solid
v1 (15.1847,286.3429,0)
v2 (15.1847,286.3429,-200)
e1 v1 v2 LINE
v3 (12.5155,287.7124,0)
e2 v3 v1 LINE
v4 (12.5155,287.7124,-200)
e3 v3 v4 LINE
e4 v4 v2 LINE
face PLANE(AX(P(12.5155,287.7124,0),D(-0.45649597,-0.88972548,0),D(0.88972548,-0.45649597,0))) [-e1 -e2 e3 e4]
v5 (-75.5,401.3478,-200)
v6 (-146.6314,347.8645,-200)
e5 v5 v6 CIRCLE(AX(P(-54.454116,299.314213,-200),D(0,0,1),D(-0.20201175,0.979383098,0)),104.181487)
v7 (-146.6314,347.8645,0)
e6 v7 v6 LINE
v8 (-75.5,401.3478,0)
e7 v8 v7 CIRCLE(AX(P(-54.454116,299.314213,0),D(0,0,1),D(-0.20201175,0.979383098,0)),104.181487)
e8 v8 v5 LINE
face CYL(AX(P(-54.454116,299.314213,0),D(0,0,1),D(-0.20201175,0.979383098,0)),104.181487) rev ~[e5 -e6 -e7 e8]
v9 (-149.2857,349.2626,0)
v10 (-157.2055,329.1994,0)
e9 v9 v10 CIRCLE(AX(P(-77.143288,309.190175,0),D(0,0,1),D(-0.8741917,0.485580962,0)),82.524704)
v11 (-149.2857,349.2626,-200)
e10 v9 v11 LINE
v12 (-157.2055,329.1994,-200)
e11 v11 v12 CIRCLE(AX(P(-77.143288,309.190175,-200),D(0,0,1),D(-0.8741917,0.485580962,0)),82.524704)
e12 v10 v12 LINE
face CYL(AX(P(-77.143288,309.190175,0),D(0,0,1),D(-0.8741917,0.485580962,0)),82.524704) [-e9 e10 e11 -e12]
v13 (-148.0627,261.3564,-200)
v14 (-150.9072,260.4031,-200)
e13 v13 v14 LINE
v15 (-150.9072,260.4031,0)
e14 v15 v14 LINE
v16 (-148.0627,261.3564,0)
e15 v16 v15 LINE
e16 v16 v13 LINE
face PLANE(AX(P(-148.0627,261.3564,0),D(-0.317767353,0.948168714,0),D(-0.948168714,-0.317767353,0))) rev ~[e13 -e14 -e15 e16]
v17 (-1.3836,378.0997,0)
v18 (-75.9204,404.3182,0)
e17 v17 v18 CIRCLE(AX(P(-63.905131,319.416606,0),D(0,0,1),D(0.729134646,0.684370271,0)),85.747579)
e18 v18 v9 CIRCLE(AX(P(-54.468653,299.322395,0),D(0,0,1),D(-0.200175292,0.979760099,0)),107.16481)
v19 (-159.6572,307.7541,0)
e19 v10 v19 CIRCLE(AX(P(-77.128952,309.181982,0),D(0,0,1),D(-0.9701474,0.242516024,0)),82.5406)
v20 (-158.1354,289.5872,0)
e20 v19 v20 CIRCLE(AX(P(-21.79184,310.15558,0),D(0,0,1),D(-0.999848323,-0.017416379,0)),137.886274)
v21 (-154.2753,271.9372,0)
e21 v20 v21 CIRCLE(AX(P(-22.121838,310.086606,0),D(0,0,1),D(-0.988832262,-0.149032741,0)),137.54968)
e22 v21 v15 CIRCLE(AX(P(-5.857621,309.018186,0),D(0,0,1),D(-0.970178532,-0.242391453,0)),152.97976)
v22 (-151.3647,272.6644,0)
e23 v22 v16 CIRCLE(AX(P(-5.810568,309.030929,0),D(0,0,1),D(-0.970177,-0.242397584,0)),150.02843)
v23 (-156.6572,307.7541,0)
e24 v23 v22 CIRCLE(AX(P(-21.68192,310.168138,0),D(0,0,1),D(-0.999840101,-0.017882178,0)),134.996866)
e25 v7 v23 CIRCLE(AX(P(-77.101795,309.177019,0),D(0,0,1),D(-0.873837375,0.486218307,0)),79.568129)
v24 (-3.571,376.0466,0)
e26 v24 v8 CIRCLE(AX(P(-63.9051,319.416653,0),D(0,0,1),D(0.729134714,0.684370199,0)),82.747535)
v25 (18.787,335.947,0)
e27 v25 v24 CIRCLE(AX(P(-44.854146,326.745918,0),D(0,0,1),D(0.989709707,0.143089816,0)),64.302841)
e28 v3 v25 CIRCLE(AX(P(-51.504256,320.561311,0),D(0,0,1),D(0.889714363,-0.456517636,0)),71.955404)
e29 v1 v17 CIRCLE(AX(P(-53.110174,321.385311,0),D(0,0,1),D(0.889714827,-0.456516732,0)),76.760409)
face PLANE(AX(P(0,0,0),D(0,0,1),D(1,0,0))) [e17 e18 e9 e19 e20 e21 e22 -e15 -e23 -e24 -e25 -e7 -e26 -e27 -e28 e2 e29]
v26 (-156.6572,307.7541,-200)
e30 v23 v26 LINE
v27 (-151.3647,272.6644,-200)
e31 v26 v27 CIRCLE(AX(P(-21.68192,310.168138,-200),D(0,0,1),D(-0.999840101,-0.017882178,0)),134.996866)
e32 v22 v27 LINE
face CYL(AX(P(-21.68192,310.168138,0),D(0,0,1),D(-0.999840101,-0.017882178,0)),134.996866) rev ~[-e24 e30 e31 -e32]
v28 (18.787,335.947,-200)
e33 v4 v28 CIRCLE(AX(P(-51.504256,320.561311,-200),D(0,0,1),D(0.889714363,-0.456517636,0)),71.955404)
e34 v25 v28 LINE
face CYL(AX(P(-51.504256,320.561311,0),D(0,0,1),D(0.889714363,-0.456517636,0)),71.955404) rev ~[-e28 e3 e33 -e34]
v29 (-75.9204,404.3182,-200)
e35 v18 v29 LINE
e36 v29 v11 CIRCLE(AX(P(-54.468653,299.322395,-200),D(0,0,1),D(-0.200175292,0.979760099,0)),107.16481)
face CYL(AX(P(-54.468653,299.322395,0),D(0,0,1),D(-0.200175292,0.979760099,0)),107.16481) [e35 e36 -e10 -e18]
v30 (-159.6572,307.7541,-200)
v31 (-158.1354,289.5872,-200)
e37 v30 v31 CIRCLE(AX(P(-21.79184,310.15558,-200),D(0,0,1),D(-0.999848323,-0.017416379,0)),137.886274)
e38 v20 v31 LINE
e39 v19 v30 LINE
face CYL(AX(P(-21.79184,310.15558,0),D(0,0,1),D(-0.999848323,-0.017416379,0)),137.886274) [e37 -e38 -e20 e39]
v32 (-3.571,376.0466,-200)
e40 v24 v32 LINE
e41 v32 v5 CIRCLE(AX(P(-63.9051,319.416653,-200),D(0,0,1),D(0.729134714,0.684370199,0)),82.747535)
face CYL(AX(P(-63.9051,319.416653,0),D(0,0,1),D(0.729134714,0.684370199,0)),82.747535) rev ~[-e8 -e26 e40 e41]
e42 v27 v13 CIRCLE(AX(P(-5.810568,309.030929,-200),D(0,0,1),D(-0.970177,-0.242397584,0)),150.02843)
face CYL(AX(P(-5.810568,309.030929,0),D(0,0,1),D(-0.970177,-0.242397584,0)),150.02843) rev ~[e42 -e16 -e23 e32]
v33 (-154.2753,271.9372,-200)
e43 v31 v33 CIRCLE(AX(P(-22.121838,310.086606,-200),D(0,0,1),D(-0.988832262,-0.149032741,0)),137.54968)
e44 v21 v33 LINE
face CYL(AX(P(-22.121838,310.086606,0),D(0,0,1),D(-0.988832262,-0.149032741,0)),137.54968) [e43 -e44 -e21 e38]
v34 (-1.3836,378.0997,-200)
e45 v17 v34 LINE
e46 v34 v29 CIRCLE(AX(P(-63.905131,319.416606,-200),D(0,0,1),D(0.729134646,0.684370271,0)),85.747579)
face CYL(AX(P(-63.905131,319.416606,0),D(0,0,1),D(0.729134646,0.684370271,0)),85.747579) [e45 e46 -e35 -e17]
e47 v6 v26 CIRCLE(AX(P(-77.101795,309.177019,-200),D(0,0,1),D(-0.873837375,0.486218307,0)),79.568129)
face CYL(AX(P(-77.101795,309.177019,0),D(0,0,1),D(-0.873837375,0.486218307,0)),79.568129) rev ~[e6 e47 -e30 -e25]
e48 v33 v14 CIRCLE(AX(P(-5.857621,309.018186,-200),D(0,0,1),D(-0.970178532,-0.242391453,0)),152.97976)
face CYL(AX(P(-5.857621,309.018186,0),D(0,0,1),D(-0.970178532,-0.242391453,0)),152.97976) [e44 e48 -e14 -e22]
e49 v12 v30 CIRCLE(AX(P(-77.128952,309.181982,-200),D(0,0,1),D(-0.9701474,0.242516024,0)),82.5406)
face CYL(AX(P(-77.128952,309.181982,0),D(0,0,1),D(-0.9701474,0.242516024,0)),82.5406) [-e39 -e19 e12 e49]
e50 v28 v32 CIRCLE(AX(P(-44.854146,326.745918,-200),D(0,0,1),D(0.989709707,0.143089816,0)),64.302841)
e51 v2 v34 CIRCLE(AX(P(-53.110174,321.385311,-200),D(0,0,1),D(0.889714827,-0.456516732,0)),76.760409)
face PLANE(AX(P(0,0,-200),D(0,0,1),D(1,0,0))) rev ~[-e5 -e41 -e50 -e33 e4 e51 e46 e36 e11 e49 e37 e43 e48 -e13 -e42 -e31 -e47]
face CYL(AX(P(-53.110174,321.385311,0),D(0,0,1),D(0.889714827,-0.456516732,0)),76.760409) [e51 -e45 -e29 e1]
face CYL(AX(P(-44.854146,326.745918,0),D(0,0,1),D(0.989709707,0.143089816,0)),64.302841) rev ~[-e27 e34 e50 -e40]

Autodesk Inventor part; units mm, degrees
ref_plane "YZ Plane" through (0, 0, 0) normal (1, 0, 0) x (0, 1, 0)
ref_plane "XZ Plane" through (0, 0, 0) normal (0, 1, 0) x (-1, 0, 0)
ref_plane "XY Plane" through (0, 0, 0) normal (0, 0, 1) x (1, 0, 0)
sketch "Sketch1" plane through (0, 0, 0) normal (0, 0, 1) x (1, 0, 0)
  spline S0 degree 4 poles (-146.6472, 58.0401) (-151.4631, 48.7396) (-154.252, 35.0489) (-156.3713, 15.6625) (-155.4501, -11.3591) (-147.1073, -27.1547) (-140.0741, -39.9858) (-129.6609, -50.3249) (-121.6575, -59.5045) (-108.3024, -68.785) (-98.2709, -73.1981) (-84.1702, -79.7266) (-75.9561, -81.5933) (-64.5094, -82.4436) (-52.8851, -81.3854) (-36.0893, -77.2113) (-27.9896, -73.4594) (-12.8633, -65.2256) (-3.7509, -56.3713) (7.8984, -44.4028) (15.2147, -32.4708) (21.1011, -10.2225) (21.2051, 16.649) (15.9713, 25.1459) (12.5155, 32.2876) knots 0 0 0 0 0 0.111891 0.158364 0.204234 0.248308 0.289897 0.330614 0.370754 0.411053 0.44968 0.486304 0.522824 0.560101 0.5983 0.638491 0.679191 0.71966 0.761289 0.803726 0.849038 0.894451 1 1 1 1 1 construction
  arc A0 (-146.6314, -27.8645) -> (-75.5, -81.3478) centre (-54.4542, 20.6856) ccw construction
  arc A1 (-75.5, -81.3478) -> (-3.571, -56.0466) centre (-63.9052, 0.5835) ccw construction
  arc A2 (-155.7423, 8.5009) -> (-146.6314, -27.8645) centre (-64.0155, 12.158) ccw construction
  arc A3 (-146.6472, 58.0401) -> (-155.7423, 8.5009) centre (-41.1628, 13.0692) ccw construction
  arc A4 (-3.571, -56.0466) -> (18.787, -15.947) centre (-44.8542, -6.7459) ccw construction
  arc A5 (18.787, -15.947) -> (12.5155, 32.2876) centre (-51.5039, -0.5612) ccw construction
  arc A6 (-149.4068, 59.2166) -> (-149.2857, -29.2626) centre (-45.9699, 15.1186) ccw construction
  arc A7 (-149.2857, -29.2626) -> (-75.9204, -84.3182) centre (-62.5938, 9.8502) ccw construction
  arc A8 (-75.9204, -84.3182) -> (-1.3836, -58.0997) centre (-63.9052, 0.5835) ccw construction
  arc A9 (-1.3836, -58.0997) -> (15.1847, 33.6571) centre (-53.1101, -1.3853) ccw construction
  line L0 (-146.6472, 58.0401) -> (-149.4068, 59.2166) construction
  line L1 (-146.6314, -27.8645) -> (-149.2857, -29.2626) construction
  line L2 (-75.5, -81.3478) -> (-75.9204, -84.3182) construction
  line L3 (12.5155, 32.2876) -> (15.1847, 33.6571) construction
  line L4 (-3.571, -56.0466) -> (-1.3836, -58.0997) construction
  line L5 (-266.975, 160) -> (333.025, 160) construction
  line L6 (0, 160) -> (0, 0) construction
  arc A10 (-155.7423, 311.4991) -> (-146.6472, 261.9599) centre (-41.1628, 306.9308) ccw construction
  line L7 (-146.6472, 261.9599) -> (-149.4068, 260.7834) construction
  arc A11 (-149.2857, 349.2626) -> (-149.4068, 260.7834) centre (-45.9699, 304.8814) ccw construction
  spline S1 degree 4 poles (-146.6472, 261.9599) (-151.4631, 271.2604) (-154.252, 284.9511) (-156.3713, 304.3375) (-155.4501, 331.3591) (-147.1073, 347.1547) (-140.0741, 359.9858) (-129.6609, 370.3249) (-121.6575, 379.5045) (-108.3024, 388.785) (-98.2709, 393.1981) (-84.1702, 399.7266) (-75.9561, 401.5933) (-64.5094, 402.4436) (-52.8851, 401.3854) (-36.0893, 397.2113) (-27.9896, 393.4594) (-12.8633, 385.2256) (-3.7509, 376.3713) (7.8984, 364.4028) (15.2147, 352.4708) (21.1011, 330.2225) (21.2051, 303.351) (15.9713, 294.8541) (12.5155, 287.7124) knots 0 0 0 0 0 0.111891 0.158364 0.204234 0.248308 0.289897 0.330614 0.370754 0.411053 0.44968 0.486304 0.522824 0.560101 0.5983 0.638491 0.679191 0.71966 0.761289 0.803726 0.849038 0.894451 1 1 1 1 1 construction
  line L8 (-146.6314, 347.8645) -> (-149.2857, 349.2626) construction
  arc A12 (-75.5, 401.3478) -> (-146.6314, 347.8645) centre (-54.4542, 299.3144) ccw
  arc A13 (-75.9204, 404.3182) -> (-149.2857, 349.2626) centre (-62.5938, 310.1498) ccw construction
  line L9 (-3.571, 376.0466) -> (-1.3836, 378.0997) construction
  arc A14 (18.787, 335.947) -> (-3.571, 376.0466) centre (-44.8542, 326.7459) ccw
  line L10 (12.5155, 287.7124) -> (15.1847, 286.3429)
  arc A15 (12.5155, 287.7124) -> (18.787, 335.947) centre (-51.5039, 320.5612) ccw
  arc A16 (15.1847, 286.3429) -> (-1.3836, 378.0997) centre (-53.1101, 321.3853) ccw
  line L11 (-75.5, 401.3478) -> (-75.9204, 404.3182) construction
  arc A17 (-3.571, 376.0466) -> (-75.5, 401.3478) centre (-63.9052, 319.4165) ccw
  arc A18 (-1.3836, 378.0997) -> (-75.9204, 404.3182) centre (-63.9052, 319.4165) ccw construction
  line L12 (-154.6747, 292.7544) -> (-154.9494, 292.7201) construction
  arc A19 (-146.6314, 347.8645) -> (-154.9494, 292.7201) centre (-77.102, 309.1771) ccw construction
  arc A20 (-154.9494, 292.7201) -> (-148.0627, 261.3564) centre (-5.838, 309.0235) ccw construction
  arc A21 (-156.6572, 307.7541) -> (-151.3647, 272.6644) centre (-21.6788, 310.1684) ccw
  arc A22 (-151.3647, 272.6644) -> (-148.0627, 261.3564) centre (-5.838, 309.0235) ccw
  arc A23 (-146.6314, 347.8645) -> (-156.6572, 307.7541) centre (-77.102, 309.1771) ccw
  line L13 (-154.295, 328.4719) -> (-157.2055, 329.1994) construction
  line L14 (-151.3647, 272.6644) -> (-154.2753, 271.9372) construction
  line L15 (-148.0627, 261.3564) -> (-149.2046, 260.9737) construction
  arc A24 (-154.2753, 271.9372) -> (-150.9072, 260.4031) centre (-5.838, 309.0235) ccw
  line L16 (-148.0627, 261.3564) -> (-150.9072, 260.4031)
  line L17 (-156.6572, 307.7541) -> (-159.6572, 307.7541) construction
  arc A25 (-149.2857, 349.2626) -> (-157.2055, 329.1994) centre (-77.1444, 309.1907) ccw
  arc A26 (-157.2055, 329.1994) -> (-159.6572, 307.7541) centre (-77.1285, 309.1819) ccw
  line L18 (-155.169, 290.0346) -> (-158.1354, 289.5872) construction
  arc A27 (-159.6572, 307.7541) -> (-158.1354, 289.5872) centre (-21.7855, 310.1559) ccw
  arc A28 (-158.1354, 289.5872) -> (-154.2753, 271.9372) centre (-22.13, 310.0851) ccw
  line L19 (-153.9039, 339.4908) -> (-151.1134, 338.3893) construction
  line L20 (-159.1353, 318.5572) -> (-156.1548, 318.2165) construction
  line L21 (-159.1968, 298.6455) -> (-156.2073, 298.8959) construction
  line L22 (-156.4955, 280.6987) -> (-153.5647, 281.3397) construction
  line L23 (-152.7045, 266.1371) -> (-149.8248, 266.978) construction
  arc A29 (-75.9204, 404.3182) -> (-149.2857, 349.2626) centre (-54.4687, 299.3225) ccw
  line L24 (-117.0639, 382.5836) -> (-118.7912, 385.0365) construction
  arc A30 (-1.3836, 378.0997) -> (-75.9204, 404.3182) centre (-63.9052, 319.4165) ccw
  line L25 (-35.4522, 400.3059) -> (-36.4476, 397.4759) construction
  point P0 (-152, 43.3122)
  point P1 (-154.6747, 27.2456)
  point P2 (-153.5964, -11.5828)
  point P3 (-138.8691, -40.1727)
  point P4 (-129.9379, -50.283)
  point P5 (-120.8201, -59.3062)
  point P6 (-108.4988, -68.0622)
  point P7 (-96.8904, -73.8657)
  point P8 (-84.0513, -79.2561)
  point P9 (-65.5876, -82.0533)
  point P10 (-52.9328, -80.9408)
  point P11 (-37.3177, -77.1093)
  point P12 (-27.2436, -72.8759)
  point P13 (-14.2486, -65.2165)
  point P14 (6.8037, -44.6606)
  point P15 (14.0551, -32.7718)
  point P16 (19.9901, 7.1365)
  point P17 (16.9383, 22.5323)
  point P18 (0, 320)
  point P19 (-152, 276.6878)
  point P20 (-153.5964, 331.5828)
  point P21 (-138.8691, 360.1727)
  point P22 (-129.9379, 370.283)
  point P23 (-120.8201, 379.3062)
  point P24 (-108.4988, 388.0622)
  point P25 (-96.8904, 393.8657)
  point P26 (-84.0513, 399.2561)
  point P27 (-65.5876, 402.0533)
  point P28 (-52.9328, 400.9408)
  point P29 (-37.3177, 397.1093)
  point P30 (-27.2436, 392.8759)
  point P31 (-14.2486, 385.2165)
  point P32 (6.8037, 364.6606)
  point P33 (14.0551, 352.7718)
  point P34 (19.9901, 312.8635)
  point P35 (16.9383, 297.4677)
  point P36 (0, 320)
  dimension "d0" = 32.2876
  dimension "d1" = 12.5155
  dimension "d2" = 146.6472
  dimension "d3" = 58.0401
  dimension "d4" = 21.2257
  dimension "d5" = 24.6426
  dimension "d6" = 28.1888
  dimension "d7" = 35.6586
  dimension "d8" = 45.1759
  dimension "d9" = 56.1603
  dimension "d10" = 66.7549
  dimension "d11" = 77.8017
  dimension "d12" = 85.6648
  dimension "d13" = 96.7125
  dimension "d14" = 105.0451
  dimension "d15" = 110.9852
  dimension "d16" = 115.5255
  dimension "d17" = 121.8355
  dimension "d18" = 128.0798
  dimension "d19" = 134.591
  dimension "d20" = 139.3278
  dimension "d21" = 144.563
  dimension "d22" = 149.2554
  dimension "d23" = 158.0504
  dimension "d24" = 154.0325
  dimension "d25" = 157.056
  dimension "d26" = 155.9742
  dimension "d27" = 23.1148
  dimension "d28" = 15.6954
  dimension "d29" = 40.3471
  dimension "d30" = 26.2383
  dimension "d31" = 53.4492
  dimension "d32" = 67.4331
  dimension "d33" = 80.0452
  dimension "d34" = 92.9139
  dimension "d35" = 101.8898
  dimension "d36" = 114.3475
  dimension "d37" = 130.1838
  dimension "d38" = 135.2342
  dimension "d39" = 142.2055
  dimension "d40" = 148.8765
  dimension "d41" = 155.6989
  dimension "d42" = 160.5472
  dimension "d43" = 165.754
  dimension "d44" = 170.2579
  dimension "d45" = 175.7534
  dimension "d46" = 175.8185
  dimension "d47" = 175.7377
  dimension "d48" = 107.1872
  dimension "d49" = 172.4386
  dimension "d50" = 114.6706
  dimension "d51" = 104.1813
  dimension "d52" = 82.7477
  dimension "d53" = 64.3029
  dimension "d54" = 71.955
  dimension "d55" = 3
  dimension "d56" = 3
  dimension "d57" = 3
  dimension "d58" = 3
  dimension "d59" = 3
  dimension "d60" = 600
  dimension "d61" = 160
  dimension "d64" = 150
  dimension "d65" = 135
extrude "Extrusion1" add sketch "Sketch1" against normal blind 200
properties part number "mount3"
